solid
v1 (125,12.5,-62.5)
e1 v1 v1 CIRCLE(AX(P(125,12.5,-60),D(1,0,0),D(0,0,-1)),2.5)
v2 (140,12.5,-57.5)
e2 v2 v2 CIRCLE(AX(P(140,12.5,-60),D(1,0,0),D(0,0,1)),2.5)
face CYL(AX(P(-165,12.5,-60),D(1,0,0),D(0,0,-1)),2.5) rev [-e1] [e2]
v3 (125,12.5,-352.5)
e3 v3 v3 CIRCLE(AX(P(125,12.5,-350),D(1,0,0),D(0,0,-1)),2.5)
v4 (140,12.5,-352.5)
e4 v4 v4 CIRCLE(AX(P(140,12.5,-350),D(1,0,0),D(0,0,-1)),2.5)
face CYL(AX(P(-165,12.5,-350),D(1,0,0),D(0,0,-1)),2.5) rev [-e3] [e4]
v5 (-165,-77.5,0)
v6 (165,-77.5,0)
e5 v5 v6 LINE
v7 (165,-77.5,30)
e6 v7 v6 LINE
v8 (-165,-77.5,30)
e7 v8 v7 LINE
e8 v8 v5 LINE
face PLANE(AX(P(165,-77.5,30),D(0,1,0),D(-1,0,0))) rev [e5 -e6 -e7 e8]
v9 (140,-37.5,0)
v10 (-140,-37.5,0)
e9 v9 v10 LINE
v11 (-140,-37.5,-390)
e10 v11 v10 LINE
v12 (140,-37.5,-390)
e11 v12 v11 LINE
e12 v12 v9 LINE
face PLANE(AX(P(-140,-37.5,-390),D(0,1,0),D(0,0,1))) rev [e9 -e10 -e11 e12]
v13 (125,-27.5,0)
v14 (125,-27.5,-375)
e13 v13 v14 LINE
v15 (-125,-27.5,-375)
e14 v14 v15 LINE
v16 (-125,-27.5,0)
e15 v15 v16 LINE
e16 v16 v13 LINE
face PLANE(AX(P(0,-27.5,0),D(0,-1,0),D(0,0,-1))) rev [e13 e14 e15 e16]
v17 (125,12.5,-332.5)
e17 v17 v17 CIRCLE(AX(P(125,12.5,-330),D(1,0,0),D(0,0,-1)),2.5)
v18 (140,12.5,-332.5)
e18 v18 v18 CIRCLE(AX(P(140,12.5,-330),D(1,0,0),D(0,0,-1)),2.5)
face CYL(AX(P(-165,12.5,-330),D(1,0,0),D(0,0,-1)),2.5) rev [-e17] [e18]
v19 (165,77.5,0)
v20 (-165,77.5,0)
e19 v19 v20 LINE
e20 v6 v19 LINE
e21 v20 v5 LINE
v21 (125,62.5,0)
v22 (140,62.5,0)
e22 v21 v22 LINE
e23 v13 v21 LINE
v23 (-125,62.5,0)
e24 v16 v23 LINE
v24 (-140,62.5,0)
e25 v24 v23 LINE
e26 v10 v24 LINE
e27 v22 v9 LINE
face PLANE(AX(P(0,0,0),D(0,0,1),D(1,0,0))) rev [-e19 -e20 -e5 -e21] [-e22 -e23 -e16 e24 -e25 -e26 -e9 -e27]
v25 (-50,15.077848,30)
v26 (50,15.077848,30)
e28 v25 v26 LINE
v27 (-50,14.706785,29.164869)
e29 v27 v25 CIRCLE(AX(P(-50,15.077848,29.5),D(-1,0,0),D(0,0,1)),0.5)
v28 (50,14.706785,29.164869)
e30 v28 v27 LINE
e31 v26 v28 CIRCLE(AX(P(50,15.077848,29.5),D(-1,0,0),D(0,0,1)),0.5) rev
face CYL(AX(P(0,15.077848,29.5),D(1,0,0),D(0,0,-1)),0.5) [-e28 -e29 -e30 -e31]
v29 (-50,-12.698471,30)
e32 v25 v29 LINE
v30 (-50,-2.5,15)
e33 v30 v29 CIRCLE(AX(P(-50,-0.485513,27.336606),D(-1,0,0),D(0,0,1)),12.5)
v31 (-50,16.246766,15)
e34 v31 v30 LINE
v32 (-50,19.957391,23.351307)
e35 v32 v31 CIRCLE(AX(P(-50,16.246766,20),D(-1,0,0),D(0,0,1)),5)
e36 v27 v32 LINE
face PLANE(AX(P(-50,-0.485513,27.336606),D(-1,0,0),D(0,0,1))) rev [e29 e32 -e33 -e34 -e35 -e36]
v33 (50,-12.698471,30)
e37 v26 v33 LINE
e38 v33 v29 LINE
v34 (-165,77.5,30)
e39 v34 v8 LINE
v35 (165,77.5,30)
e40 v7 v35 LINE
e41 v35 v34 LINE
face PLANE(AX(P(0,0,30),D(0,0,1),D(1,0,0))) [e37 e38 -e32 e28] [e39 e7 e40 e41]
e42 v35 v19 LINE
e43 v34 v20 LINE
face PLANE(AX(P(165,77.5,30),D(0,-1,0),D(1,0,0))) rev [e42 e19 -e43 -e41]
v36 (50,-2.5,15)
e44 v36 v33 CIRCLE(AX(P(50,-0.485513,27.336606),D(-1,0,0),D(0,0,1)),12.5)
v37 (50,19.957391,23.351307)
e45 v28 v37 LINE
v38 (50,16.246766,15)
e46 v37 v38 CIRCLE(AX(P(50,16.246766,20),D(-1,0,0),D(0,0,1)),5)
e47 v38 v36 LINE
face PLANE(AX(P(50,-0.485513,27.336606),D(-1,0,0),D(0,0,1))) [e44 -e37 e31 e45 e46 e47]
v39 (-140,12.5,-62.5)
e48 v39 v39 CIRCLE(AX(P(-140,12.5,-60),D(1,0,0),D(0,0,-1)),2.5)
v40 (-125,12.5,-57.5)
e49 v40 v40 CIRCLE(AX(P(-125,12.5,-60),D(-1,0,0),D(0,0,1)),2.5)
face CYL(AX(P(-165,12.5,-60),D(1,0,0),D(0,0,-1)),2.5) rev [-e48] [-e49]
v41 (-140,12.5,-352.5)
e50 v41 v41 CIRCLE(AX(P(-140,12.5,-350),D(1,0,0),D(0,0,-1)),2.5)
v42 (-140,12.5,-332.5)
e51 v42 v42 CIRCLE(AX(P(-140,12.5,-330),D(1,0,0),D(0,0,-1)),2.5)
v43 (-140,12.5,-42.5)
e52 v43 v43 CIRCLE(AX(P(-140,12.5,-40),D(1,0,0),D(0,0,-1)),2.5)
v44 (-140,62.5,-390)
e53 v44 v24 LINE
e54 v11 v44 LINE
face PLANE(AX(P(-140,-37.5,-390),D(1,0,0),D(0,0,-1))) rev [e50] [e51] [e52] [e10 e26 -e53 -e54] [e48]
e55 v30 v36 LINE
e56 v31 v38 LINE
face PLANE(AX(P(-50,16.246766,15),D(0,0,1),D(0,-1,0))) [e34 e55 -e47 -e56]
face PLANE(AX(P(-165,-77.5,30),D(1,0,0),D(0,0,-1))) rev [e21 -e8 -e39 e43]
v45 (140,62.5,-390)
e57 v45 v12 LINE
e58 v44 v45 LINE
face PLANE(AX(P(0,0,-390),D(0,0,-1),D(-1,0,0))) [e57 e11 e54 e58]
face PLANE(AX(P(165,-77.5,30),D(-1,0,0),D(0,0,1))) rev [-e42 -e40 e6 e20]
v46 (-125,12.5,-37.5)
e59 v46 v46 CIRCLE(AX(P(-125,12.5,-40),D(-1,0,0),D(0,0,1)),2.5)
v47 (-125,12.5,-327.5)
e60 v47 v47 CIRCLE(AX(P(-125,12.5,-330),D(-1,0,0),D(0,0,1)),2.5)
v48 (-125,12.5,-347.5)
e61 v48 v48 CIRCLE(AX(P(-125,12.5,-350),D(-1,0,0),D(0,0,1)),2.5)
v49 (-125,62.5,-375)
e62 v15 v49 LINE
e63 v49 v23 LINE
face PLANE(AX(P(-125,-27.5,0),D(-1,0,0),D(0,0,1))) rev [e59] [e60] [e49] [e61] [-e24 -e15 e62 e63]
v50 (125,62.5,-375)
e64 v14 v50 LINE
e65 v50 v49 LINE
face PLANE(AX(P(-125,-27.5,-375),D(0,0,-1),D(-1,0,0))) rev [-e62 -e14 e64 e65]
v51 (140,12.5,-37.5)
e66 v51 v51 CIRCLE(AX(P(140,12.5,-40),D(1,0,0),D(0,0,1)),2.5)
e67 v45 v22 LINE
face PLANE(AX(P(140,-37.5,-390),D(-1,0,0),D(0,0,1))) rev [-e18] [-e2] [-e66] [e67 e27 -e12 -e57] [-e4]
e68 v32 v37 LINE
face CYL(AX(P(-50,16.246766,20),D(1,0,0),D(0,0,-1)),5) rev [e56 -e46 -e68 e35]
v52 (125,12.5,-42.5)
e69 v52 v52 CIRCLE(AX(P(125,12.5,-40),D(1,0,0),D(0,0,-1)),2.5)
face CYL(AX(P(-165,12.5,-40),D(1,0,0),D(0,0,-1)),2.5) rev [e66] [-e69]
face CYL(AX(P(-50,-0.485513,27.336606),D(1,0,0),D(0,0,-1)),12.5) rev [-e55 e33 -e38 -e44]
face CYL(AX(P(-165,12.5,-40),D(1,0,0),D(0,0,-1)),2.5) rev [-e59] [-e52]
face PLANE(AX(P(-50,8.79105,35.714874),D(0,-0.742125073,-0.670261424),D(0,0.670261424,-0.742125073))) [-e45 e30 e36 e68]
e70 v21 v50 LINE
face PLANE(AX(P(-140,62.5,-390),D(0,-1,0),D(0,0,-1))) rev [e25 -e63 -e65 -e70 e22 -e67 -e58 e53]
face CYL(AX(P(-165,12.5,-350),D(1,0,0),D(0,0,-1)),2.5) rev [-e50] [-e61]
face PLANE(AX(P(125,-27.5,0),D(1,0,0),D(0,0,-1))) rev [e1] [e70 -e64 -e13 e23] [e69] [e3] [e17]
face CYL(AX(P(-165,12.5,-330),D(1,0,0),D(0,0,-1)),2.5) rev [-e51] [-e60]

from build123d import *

# Parameters (mm, degrees)
SKETCH1_W           = 330
SKETCH1_H           = 155
BOSS_EXTRUDE1_DEPTH = 30
SKETCH2_W           = 280
SKETCH2_H           = 100
BOSS_EXTRUDE2_DEPTH = 390
SKETCH3_W           = 250
SKETCH3_H           = 375
CUT_EXTRUDE1_DEPTH  = 90
CUT_EXTRUDE2_DEPTH  = 50
FILLET1_R           = 0.5
SKETCH7_R           = 2.5
CUT_EXTRUDE3_DEPTH  = 502.129973161


with BuildPart() as part:
    # Sketch1 → Boss-Extrude1 (new body)
    with BuildSketch(Plane.XY):
        Rectangle(SKETCH1_W, SKETCH1_H)
    extrude(amount=BOSS_EXTRUDE1_DEPTH)

    # Sketch2 → Boss-Extrude2 (add)
    with BuildSketch(Plane(origin=(0, 0, 0), x_dir=(-1, 0, 0), z_dir=(0, 0, -1))):
        with Locations((0, 12.5)):
            Rectangle(SKETCH2_W, SKETCH2_H)
    extrude(amount=BOSS_EXTRUDE2_DEPTH)

    # Sketch3 → Cut-Extrude1 (cut)
    with BuildSketch(Plane(origin=(0, 62.5, 0), x_dir=(1, 0, 0), z_dir=(0, 1, 0))):
        with Locations((0, 187.5)):
            Rectangle(SKETCH3_W, SKETCH3_H)
    extrude(amount=-CUT_EXTRUDE1_DEPTH, mode=Mode.SUBTRACT)

    # Sketch4 → Cut-Extrude2 (cut, symmetric)
    with BuildSketch(Plane(origin=(0, 0, 0), x_dir=(0, 0, -1), z_dir=(1, 0, 0))):
        with BuildLine():
            Line((-35.714873599, 8.791050276), (-23.35130712, 19.957391338))
            ThreePointArc((-23.35130712, 19.957391338), (-17.969795035, 20.816040293), (-15, 16.246765975))
            Line((-15, 16.246765975), (-15, -2.5))
            ThreePointArc((-15, -2.5), (-33.319001977, -11.460982872), (-35.714873599, 8.791050276))
        make_face()
    extrude(amount=CUT_EXTRUDE2_DEPTH, both=True, mode=Mode.SUBTRACT)

    # Fillet1
    fillet1_edges = [part.edges().sort_by_distance(p)[0] for p in [
        (0, 13.952524341, 30),
    ]]
    fillet(fillet1_edges, radius=FILLET1_R)

    # Sketch7 → Cut-Extrude3 (cut, through all)
    with BuildSketch(Plane(origin=(140, 0, 0), x_dir=(0, 0, -1), z_dir=(1, 0, 0))):
        with Locations((350, 12.5)):
            Circle(SKETCH7_R)
        with Locations((330, 12.5)):
            Circle(SKETCH7_R)
        with Locations((60, 12.5)):
            Circle(SKETCH7_R)
        with Locations((40, 12.5)):
            Circle(SKETCH7_R)
    extrude(amount=-CUT_EXTRUDE3_DEPTH, mode=Mode.SUBTRACT)


solid = part.part
